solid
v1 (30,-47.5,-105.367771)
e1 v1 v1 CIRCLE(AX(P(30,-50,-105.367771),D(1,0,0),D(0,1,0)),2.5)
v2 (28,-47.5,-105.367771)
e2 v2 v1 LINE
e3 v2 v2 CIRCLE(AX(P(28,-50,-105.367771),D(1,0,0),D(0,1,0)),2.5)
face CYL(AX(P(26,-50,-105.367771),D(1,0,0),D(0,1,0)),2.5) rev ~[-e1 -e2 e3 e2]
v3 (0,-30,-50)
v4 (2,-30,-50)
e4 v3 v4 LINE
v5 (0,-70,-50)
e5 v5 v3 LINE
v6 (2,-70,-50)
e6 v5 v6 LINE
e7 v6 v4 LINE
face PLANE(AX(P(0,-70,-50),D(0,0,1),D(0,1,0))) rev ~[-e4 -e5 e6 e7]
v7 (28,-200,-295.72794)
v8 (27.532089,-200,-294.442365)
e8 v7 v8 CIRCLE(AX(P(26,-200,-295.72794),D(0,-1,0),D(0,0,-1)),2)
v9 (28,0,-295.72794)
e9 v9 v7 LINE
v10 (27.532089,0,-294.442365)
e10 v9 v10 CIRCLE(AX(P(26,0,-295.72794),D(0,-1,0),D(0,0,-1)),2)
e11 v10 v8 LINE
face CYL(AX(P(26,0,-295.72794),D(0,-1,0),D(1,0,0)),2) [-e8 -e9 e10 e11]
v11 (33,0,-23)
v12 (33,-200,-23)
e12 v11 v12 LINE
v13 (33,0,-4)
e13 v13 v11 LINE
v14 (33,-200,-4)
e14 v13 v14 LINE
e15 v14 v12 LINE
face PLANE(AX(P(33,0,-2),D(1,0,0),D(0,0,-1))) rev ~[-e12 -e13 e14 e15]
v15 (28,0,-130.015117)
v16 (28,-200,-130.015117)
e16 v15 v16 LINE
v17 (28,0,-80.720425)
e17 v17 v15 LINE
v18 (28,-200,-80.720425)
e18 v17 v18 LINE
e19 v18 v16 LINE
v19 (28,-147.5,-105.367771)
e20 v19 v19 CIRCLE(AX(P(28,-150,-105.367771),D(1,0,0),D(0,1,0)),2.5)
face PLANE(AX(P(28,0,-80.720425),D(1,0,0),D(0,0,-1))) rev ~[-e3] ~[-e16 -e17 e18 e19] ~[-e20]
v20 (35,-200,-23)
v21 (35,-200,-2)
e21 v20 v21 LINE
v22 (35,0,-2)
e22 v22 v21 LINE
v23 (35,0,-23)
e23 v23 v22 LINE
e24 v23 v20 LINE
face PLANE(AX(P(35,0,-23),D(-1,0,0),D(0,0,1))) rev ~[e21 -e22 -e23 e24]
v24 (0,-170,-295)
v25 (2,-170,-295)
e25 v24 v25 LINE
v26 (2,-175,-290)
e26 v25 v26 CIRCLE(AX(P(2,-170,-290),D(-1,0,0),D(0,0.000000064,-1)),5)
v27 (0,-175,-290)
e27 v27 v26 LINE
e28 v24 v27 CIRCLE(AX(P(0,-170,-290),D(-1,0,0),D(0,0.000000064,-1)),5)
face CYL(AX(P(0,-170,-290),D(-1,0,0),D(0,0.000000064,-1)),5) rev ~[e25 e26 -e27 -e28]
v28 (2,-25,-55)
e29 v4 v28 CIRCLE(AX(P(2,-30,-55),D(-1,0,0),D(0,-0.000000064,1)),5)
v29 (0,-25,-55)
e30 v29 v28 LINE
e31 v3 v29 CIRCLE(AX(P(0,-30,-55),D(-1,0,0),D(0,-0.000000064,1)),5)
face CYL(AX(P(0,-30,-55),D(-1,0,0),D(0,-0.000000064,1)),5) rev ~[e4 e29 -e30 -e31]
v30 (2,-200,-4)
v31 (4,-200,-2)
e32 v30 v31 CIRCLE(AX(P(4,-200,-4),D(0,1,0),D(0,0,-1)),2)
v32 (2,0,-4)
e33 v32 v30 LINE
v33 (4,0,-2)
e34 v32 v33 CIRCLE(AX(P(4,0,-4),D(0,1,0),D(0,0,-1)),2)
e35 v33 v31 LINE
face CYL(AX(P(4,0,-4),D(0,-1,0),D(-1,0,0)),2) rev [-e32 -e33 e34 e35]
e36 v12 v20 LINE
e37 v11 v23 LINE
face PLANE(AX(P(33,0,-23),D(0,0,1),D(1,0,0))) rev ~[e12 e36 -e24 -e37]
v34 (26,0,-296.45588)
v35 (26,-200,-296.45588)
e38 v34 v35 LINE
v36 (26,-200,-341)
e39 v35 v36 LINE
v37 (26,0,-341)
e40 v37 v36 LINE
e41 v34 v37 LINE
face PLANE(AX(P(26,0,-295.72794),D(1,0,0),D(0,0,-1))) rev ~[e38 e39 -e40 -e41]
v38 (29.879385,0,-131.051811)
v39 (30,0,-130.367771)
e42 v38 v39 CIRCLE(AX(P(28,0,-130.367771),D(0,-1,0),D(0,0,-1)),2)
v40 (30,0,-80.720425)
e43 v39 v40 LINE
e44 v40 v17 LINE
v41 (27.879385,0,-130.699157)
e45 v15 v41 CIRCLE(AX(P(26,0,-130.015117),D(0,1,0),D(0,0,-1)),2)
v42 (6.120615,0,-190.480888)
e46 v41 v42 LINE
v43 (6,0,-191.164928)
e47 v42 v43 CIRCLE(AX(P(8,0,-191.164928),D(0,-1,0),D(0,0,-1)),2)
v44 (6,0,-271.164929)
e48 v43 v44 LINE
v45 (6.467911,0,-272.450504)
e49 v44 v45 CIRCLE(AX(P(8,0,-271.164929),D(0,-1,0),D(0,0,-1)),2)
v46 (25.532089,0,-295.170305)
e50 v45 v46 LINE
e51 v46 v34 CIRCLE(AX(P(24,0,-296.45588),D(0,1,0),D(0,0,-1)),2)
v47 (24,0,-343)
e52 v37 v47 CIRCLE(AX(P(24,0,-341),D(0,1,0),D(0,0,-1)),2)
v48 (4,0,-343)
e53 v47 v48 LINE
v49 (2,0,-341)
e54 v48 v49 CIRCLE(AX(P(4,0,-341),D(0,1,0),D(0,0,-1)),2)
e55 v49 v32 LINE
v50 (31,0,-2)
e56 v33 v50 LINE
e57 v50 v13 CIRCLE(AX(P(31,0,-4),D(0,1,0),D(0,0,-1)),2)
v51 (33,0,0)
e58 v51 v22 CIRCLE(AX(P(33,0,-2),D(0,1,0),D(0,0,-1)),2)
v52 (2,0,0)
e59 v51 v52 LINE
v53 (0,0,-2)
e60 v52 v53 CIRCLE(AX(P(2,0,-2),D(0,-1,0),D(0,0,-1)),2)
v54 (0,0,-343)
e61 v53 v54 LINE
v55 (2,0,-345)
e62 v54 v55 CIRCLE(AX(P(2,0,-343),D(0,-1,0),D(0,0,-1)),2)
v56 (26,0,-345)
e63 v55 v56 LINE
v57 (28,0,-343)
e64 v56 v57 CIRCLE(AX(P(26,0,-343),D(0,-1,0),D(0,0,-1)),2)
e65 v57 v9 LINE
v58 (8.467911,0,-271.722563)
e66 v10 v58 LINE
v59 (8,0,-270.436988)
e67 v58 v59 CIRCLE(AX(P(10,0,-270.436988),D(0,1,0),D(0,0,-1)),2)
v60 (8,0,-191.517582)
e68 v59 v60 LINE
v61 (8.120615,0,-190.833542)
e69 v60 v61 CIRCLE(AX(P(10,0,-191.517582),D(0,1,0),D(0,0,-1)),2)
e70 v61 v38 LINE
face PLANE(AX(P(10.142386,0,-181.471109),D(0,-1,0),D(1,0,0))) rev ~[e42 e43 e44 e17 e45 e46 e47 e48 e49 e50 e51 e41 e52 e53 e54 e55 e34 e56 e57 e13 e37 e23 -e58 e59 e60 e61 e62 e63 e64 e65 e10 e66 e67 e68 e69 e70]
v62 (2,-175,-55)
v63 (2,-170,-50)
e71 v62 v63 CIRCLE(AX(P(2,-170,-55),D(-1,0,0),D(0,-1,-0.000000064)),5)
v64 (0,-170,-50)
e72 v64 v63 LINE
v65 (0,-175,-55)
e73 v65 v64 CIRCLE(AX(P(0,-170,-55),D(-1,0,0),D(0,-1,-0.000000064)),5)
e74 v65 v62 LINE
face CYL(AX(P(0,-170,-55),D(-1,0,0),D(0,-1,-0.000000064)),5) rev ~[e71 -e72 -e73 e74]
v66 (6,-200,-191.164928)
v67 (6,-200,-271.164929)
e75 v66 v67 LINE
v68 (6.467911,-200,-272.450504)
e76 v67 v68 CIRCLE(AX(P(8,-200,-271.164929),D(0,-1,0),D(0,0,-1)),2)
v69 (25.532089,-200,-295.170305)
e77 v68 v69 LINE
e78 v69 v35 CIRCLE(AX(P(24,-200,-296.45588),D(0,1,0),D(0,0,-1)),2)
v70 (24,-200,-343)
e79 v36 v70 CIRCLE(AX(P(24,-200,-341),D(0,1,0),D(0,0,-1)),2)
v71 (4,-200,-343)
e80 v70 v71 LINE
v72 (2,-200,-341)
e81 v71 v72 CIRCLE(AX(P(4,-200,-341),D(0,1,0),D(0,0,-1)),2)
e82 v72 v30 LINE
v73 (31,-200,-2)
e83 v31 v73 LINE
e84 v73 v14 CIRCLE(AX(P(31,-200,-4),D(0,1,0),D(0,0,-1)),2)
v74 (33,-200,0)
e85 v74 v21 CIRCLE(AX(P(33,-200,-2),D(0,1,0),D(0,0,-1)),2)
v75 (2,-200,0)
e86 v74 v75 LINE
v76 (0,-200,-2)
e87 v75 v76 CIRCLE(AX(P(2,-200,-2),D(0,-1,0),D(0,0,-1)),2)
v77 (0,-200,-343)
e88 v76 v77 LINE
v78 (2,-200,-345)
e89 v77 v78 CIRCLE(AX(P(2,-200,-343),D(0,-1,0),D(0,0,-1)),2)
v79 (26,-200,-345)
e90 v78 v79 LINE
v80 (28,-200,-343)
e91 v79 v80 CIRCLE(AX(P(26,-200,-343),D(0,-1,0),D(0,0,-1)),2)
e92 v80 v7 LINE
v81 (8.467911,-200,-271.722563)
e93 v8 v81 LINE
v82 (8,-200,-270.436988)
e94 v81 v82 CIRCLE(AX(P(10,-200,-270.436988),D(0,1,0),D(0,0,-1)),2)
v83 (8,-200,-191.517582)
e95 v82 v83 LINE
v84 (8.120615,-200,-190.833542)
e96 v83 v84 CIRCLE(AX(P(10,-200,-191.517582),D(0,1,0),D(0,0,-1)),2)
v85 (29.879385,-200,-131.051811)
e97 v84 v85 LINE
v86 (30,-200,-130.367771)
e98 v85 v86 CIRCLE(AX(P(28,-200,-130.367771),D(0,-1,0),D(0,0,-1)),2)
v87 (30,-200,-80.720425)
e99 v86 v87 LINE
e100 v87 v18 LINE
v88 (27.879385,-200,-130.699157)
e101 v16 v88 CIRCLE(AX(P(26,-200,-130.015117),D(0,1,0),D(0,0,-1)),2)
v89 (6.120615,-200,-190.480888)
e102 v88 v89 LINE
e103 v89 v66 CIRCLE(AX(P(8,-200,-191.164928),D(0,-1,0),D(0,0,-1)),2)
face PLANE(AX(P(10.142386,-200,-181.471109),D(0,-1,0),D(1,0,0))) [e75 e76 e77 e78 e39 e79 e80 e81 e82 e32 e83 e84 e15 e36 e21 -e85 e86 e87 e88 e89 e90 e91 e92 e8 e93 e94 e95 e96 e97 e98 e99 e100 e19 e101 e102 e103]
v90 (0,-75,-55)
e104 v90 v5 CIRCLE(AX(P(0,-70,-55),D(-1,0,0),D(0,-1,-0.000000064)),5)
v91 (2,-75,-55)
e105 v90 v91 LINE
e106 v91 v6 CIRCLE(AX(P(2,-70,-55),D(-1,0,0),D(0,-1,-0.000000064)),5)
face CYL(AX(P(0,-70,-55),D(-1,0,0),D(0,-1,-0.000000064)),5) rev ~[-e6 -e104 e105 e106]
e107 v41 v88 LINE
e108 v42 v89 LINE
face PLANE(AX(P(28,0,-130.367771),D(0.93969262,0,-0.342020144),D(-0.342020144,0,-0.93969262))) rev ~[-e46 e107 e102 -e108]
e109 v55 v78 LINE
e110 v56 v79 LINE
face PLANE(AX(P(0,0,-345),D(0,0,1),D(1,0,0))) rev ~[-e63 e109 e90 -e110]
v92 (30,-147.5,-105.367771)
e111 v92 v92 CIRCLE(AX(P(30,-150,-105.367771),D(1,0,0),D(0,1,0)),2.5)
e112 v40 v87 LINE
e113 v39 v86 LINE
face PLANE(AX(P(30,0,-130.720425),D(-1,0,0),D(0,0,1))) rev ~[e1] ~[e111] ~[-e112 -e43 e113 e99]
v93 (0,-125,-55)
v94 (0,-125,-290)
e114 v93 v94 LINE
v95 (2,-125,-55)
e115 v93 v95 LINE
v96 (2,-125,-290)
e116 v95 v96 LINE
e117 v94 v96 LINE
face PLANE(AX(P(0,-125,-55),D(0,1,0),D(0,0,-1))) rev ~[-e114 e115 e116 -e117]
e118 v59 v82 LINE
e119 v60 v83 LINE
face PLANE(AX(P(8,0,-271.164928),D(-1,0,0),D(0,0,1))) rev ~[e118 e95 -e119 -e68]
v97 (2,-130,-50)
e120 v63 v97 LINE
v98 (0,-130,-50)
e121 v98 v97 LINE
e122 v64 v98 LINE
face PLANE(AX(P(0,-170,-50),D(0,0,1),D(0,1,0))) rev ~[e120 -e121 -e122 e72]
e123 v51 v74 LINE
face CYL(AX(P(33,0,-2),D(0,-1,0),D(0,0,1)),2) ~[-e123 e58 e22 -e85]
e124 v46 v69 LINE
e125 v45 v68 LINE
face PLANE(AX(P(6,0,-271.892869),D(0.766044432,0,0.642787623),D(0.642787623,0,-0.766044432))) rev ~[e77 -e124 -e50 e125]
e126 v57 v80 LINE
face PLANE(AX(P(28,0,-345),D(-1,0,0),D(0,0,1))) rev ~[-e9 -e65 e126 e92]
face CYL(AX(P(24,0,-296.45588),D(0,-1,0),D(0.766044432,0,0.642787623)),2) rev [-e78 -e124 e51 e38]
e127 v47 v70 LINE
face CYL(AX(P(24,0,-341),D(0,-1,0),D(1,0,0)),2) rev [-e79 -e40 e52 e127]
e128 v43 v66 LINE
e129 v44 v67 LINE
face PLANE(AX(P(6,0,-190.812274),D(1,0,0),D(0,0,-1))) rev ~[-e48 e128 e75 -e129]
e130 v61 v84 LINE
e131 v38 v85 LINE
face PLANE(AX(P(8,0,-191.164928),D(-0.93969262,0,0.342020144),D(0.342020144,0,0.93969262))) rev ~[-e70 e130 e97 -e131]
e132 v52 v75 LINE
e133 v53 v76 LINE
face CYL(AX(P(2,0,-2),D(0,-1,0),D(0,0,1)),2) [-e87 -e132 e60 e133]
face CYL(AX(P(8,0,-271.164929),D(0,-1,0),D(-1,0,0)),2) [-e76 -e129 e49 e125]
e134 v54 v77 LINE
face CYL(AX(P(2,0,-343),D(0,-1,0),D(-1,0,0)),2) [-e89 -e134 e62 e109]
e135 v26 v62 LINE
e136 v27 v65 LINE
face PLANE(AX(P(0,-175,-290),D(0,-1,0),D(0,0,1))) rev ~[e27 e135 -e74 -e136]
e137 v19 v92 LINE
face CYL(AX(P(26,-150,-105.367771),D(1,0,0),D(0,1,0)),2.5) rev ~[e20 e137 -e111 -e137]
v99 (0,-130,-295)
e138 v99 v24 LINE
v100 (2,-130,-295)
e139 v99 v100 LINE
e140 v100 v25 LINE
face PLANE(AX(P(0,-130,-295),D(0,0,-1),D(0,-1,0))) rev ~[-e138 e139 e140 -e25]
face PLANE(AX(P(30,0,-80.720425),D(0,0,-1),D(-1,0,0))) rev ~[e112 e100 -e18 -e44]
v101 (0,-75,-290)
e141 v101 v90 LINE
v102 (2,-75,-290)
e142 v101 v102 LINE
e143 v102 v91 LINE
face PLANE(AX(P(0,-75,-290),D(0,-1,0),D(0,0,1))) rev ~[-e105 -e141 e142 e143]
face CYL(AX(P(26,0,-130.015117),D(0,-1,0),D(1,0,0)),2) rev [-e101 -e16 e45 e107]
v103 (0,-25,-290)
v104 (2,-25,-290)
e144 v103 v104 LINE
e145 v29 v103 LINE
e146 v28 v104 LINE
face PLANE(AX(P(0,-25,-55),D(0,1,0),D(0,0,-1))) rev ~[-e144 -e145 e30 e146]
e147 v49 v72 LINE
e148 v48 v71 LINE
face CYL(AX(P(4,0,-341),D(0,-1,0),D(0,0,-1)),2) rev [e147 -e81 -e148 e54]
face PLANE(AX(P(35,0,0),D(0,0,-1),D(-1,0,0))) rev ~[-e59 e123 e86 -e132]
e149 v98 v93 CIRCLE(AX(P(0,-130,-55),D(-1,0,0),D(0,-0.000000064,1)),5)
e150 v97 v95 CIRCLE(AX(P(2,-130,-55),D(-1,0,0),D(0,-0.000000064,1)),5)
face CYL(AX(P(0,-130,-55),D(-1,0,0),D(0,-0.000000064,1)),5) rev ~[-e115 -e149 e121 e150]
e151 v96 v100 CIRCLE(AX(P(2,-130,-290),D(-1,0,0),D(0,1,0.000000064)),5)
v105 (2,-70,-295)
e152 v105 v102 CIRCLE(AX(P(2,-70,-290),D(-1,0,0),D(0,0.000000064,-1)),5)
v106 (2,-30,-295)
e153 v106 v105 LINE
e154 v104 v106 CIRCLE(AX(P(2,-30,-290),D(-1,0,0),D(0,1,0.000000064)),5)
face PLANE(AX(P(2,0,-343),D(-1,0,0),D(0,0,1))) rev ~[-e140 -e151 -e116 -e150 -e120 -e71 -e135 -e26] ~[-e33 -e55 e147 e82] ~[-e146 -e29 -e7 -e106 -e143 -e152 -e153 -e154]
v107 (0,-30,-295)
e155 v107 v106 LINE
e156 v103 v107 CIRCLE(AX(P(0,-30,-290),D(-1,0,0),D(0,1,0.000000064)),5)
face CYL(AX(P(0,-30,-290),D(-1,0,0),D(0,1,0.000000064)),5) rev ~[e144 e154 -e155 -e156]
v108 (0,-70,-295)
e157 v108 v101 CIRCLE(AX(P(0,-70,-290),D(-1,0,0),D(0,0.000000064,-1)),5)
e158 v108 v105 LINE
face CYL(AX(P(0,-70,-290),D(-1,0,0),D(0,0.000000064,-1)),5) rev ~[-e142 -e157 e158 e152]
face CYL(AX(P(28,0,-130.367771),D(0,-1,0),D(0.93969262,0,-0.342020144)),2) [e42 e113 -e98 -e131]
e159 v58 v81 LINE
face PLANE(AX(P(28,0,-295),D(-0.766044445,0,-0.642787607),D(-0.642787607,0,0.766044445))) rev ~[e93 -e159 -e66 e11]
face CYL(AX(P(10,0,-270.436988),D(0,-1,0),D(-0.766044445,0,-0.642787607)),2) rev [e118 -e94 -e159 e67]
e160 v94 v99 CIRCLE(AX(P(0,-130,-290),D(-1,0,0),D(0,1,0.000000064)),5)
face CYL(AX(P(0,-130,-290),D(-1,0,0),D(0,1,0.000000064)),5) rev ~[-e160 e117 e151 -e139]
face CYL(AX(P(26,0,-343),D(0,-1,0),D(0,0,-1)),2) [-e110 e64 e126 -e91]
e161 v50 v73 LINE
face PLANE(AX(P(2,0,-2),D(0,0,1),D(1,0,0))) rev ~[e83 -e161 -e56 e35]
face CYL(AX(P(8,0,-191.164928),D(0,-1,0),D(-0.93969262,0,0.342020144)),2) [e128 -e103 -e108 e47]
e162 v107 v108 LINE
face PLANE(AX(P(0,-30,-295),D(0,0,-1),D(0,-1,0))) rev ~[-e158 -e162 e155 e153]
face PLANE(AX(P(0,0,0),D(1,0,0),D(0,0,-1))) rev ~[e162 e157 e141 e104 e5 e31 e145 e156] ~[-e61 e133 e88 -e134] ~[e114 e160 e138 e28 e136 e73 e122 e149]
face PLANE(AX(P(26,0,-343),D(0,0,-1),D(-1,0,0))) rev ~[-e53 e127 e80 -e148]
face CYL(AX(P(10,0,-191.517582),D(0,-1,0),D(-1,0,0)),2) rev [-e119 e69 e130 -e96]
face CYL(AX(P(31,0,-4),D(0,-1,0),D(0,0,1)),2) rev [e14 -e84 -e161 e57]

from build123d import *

# Parameters (mm, degrees)
F1_DEPTH = 200
F2_R     = 2
F4_DEPTH = 2
F6_D     = 5
F6_DEPTH = 2


with BuildPart() as f1:
    # F0 (on Front) → F1 (new body)
    with BuildSketch(Plane.XZ):
        Polygon((35, 0), (0, 0), (0, -345), (28, -345), (28, -295), (8, -271.164928), (8, -191.164928), (30, -130.720425), (30, -80.720425), (28, -80.720425), (28, -130.367771), (6, -190.812274), (6, -271.892869), (26, -295.72794), (26, -343), (2, -343), (2, -2), (33, -2), (33, -23), (35, -23), align=None)
    extrude(amount=F1_DEPTH)

    # F2
    f2_edges = [f1.edges().sort_by_distance(p)[0] for p in [
        (0, -100, 0),
        (35, -100, 0),
        (33, -100, -2),
        (2, -100, -2),
        (0, -100, -345),
        (2, -100, -343),
        (28, -100, -345),
        (26, -100, -343),
        (26, -100, -295.72794),
        (28, -100, -295),
        (8, -100, -271.164928),
        (6, -100, -271.892869),
        (6, -100, -190.812274),
        (8, -100, -191.164928),
        (30, -100, -130.720425),
        (28, -100, -130.367771),
    ]]
    fillet(f2_edges, radius=F2_R)

    # F3 (on face) → F4 (cut)
    with BuildSketch(Plane(origin=(0, 0, 0), x_dir=(0, -1, 0), z_dir=(-1, 0, 0))):
        with BuildLine():
            Line((70, -50), (30, -50))
            ThreePointArc((30, -50), (26.464466, -51.464466), (25, -55))
            Line((25, -55), (25, -290))
            ThreePointArc((25, -290), (26.464466, -293.535534), (30, -295))
            Line((30, -295), (70, -295))
            ThreePointArc((70, -295), (73.535534, -293.535534), (75, -290))
            Line((75, -290), (75, -55))
            ThreePointArc((75, -55), (73.535534, -51.464466), (70, -50))
        make_face()
        with BuildLine():
            ThreePointArc((175, -55), (173.535534, -51.464466), (170, -50))
            Line((170, -50), (130, -50))
            ThreePointArc((130, -50), (126.464466, -51.464466), (125, -55))
            Line((125, -55), (125, -290))
            ThreePointArc((125, -290), (126.464466, -293.535534), (130, -295))
            Line((130, -295), (170, -295))
            ThreePointArc((170, -295), (173.535534, -293.535534), (175, -290))
            Line((175, -290), (175, -55))
        make_face()
    extrude(amount=-F4_DEPTH, mode=Mode.SUBTRACT)

    # F6
    with Locations(Plane(origin=(28, 0, 0), x_dir=(0, -1, 0), z_dir=(-1, 0, 0))):
        with Locations((50, -105.367771), (150, -105.367771)):
            Hole(F6_D / 2, depth=F6_DEPTH)


solid = f1.part
